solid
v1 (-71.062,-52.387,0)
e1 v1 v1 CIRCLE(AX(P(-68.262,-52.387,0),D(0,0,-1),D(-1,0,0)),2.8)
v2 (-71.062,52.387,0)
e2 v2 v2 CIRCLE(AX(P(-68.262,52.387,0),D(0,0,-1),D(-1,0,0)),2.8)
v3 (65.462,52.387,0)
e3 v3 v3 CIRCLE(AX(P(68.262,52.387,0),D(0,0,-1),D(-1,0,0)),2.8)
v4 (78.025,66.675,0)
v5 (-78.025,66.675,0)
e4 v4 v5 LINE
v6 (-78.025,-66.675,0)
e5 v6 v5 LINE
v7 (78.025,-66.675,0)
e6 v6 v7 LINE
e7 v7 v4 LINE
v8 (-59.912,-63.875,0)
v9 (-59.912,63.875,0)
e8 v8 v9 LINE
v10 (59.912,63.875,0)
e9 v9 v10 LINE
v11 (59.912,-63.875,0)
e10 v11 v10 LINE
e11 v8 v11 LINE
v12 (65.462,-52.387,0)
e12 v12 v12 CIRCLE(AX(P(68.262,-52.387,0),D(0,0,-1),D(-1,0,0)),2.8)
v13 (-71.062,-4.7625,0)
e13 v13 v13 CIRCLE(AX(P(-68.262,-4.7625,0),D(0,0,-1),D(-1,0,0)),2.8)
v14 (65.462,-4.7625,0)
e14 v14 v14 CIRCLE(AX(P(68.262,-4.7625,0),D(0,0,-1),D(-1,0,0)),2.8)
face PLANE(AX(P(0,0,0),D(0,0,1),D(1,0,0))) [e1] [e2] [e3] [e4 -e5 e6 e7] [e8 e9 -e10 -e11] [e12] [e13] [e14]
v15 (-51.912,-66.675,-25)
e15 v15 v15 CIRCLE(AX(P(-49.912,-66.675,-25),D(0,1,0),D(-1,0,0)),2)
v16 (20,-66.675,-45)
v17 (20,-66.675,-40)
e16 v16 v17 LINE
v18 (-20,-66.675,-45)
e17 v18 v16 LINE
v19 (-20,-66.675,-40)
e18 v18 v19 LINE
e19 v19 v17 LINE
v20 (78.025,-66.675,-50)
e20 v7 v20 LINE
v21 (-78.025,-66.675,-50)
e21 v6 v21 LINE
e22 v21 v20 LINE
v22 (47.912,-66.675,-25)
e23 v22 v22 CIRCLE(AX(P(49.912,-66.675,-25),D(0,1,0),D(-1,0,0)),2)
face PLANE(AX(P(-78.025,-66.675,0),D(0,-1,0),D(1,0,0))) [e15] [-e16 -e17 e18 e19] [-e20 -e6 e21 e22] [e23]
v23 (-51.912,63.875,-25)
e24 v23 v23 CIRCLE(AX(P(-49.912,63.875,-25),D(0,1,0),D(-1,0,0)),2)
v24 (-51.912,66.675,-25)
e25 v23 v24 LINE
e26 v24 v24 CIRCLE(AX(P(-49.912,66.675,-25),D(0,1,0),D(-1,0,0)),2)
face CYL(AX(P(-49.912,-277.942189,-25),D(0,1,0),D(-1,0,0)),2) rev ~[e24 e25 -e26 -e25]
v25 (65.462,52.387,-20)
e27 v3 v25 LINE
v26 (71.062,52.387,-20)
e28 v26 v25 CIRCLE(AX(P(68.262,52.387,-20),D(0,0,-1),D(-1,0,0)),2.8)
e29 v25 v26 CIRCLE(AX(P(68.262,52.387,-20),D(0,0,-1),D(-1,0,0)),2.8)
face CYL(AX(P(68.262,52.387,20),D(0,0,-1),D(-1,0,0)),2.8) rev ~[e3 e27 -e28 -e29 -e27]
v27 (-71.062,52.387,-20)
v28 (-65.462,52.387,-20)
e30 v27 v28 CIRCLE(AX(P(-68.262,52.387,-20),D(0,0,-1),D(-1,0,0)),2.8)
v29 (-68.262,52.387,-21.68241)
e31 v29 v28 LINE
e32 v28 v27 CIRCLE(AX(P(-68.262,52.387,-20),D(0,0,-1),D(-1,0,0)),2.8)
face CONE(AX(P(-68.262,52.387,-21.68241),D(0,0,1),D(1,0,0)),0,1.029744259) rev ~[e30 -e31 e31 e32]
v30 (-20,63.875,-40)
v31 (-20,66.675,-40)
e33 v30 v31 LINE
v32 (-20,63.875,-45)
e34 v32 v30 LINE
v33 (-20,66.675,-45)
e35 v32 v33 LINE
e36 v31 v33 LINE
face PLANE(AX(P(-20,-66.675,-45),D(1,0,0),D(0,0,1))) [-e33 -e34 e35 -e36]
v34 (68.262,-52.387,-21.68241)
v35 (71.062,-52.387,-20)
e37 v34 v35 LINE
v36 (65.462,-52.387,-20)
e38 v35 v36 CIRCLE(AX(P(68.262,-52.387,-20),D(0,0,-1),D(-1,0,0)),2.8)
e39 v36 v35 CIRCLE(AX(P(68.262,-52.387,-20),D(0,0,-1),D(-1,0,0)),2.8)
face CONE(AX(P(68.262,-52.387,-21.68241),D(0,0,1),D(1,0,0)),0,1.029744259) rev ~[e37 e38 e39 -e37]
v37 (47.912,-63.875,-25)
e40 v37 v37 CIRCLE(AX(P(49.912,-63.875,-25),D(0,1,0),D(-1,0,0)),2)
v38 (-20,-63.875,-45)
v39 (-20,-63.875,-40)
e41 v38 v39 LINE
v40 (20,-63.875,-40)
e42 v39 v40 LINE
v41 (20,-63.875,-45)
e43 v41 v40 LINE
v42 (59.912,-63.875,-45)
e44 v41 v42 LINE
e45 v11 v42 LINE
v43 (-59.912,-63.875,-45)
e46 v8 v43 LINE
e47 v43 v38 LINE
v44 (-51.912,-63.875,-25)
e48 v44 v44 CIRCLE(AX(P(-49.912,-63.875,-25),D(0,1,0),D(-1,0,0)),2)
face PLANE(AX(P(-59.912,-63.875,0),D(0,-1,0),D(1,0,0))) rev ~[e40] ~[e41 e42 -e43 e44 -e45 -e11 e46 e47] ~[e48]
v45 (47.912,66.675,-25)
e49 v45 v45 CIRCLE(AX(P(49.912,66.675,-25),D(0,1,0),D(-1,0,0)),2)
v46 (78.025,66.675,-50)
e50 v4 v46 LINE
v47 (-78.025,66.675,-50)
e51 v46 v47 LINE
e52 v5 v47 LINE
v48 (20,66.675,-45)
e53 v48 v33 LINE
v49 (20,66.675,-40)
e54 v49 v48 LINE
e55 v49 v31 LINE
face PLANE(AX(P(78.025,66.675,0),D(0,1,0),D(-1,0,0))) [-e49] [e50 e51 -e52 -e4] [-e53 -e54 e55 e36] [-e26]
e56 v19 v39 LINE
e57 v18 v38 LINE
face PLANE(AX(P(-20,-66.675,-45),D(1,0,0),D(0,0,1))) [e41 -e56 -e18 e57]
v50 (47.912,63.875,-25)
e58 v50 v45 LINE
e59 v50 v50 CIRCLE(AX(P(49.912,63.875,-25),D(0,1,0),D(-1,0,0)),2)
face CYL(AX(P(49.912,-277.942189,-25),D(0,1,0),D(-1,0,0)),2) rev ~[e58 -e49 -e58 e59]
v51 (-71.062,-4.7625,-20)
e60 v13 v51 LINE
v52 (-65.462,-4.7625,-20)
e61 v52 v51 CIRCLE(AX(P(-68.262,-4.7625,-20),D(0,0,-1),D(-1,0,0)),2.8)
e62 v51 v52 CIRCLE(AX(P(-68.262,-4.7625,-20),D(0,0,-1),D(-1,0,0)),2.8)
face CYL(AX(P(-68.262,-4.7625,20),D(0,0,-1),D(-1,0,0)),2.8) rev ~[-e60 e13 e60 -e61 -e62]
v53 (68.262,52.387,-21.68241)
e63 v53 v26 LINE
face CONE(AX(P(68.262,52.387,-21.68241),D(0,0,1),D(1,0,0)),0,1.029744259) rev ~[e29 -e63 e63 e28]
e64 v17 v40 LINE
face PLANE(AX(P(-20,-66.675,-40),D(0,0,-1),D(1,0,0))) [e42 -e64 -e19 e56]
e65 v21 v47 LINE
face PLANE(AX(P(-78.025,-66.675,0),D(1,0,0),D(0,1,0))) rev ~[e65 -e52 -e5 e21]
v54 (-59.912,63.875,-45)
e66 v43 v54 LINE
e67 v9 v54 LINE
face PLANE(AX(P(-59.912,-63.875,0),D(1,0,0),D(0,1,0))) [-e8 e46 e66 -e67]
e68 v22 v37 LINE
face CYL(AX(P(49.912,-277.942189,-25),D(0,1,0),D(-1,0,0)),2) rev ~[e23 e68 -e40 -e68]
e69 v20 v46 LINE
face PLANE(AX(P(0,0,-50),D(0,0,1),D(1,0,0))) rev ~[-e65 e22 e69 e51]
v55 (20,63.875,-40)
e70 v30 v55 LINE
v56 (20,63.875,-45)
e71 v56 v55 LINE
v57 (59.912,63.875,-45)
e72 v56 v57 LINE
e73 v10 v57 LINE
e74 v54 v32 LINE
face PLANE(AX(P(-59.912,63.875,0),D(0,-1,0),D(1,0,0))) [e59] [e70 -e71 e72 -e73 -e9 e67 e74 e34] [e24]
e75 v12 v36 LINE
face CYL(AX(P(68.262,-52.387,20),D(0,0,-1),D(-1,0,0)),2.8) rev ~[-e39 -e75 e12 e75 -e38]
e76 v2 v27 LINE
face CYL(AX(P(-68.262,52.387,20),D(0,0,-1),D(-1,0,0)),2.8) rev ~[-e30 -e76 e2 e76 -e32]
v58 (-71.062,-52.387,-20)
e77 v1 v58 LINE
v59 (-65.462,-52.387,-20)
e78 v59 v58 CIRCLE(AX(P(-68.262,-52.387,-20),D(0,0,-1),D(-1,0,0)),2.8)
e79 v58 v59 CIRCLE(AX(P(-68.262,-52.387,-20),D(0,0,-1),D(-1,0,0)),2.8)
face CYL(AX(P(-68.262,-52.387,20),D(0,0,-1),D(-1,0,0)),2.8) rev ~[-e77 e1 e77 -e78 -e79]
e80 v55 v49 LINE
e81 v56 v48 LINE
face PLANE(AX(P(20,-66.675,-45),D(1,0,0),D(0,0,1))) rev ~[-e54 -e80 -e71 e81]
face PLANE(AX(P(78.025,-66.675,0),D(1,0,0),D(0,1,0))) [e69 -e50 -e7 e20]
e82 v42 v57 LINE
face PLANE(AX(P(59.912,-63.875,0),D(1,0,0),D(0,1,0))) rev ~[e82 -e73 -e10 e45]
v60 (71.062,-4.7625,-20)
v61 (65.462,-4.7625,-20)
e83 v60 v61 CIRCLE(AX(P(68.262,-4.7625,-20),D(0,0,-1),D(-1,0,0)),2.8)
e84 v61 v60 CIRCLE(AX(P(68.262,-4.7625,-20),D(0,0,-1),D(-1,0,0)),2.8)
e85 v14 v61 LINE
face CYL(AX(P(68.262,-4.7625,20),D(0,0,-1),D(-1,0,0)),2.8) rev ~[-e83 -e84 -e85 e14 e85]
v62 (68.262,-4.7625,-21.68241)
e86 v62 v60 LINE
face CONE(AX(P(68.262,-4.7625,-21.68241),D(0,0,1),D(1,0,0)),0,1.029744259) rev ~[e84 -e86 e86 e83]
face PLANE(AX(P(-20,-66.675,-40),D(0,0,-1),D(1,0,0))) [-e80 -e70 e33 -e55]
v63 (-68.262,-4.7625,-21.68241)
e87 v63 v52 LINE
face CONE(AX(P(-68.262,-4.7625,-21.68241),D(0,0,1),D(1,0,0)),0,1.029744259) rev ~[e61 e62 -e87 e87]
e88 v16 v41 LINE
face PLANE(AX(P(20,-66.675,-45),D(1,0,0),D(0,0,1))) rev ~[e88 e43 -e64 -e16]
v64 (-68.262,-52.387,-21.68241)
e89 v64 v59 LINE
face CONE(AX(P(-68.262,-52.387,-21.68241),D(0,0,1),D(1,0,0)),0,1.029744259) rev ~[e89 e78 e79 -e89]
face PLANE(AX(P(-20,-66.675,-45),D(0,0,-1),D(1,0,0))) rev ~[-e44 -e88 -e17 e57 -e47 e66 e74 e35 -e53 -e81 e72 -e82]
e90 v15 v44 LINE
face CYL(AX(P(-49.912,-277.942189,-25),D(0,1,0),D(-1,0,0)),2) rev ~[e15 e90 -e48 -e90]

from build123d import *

# Parameters (mm, degrees)
F0_W     = 146.05
F0_H     = 133.35
F0_R     = 3.24
F0_W_2   = 5
F1_DEPTH = 50
F2_D     = 5.6
F2_DEPTH = 20
F2_TIP   = 1.6824097333
F3_W     = 119.824
F3_H     = 127.75
F4_DEPTH = 45
F5_W     = 40
F5_H     = 5
F6_DEPTH = 133.351
F7_D     = 4


with BuildPart() as f1:
    # F0 (on Top) → F1 (new body)
    with BuildSketch(Plane.XY):
        Rectangle(F0_W, F0_H)
        with Locations((-68.262, -52.387)):
            Circle(F0_R, mode=Mode.SUBTRACT)
        with Locations((-68.262, -4.7625)):
            Circle(F0_R, mode=Mode.SUBTRACT)
        with Locations((68.262, -52.387)):
            Circle(F0_R, mode=Mode.SUBTRACT)
        with Locations((68.262, -4.7625)):
            Circle(F0_R, mode=Mode.SUBTRACT)
        with BuildLine():
            Line((72.225, 46.037), (72.225, 1.5875))
            Line((72.225, 1.5875), (68.262, 1.5875))
            ThreePointArc((68.262, 1.5875), (61.912, -4.7625), (68.262, -11.1125))
            Line((68.262, -11.1125), (72.225, -11.1125))
            Line((72.225, -11.1125), (72.225, -46.037))
            Line((72.225, -46.037), (68.262, -46.037))
            ThreePointArc((68.262, -46.037), (61.912, -52.387), (68.262, -58.737))
            Line((68.262, -58.737), (72.225, -58.737))
            Line((72.225, -58.737), (72.225, -65.875))
            Line((72.225, -65.875), (-72.225, -65.875))
            Line((-72.225, -65.875), (-72.225, -58.737))
            Line((-72.225, -58.737), (-68.262, -58.737))
            ThreePointArc((-68.262, -58.737), (-61.912, -52.387), (-68.262, -46.037))
            Line((-68.262, -46.037), (-72.225, -46.037))
            Line((-72.225, -46.037), (-72.225, -11.1125))
            Line((-72.225, -11.1125), (-68.262, -11.1125))
            ThreePointArc((-68.262, -11.1125), (-61.912, -4.7625), (-68.262, 1.5875))
            Line((-68.262, 1.5875), (-72.225, 1.5875))
            Line((-72.225, 1.5875), (-72.225, 46.037))
            Line((-72.225, 46.037), (-68.262, 46.037))
            ThreePointArc((-68.262, 46.037), (-61.912, 52.387), (-68.262, 58.737))
            Line((-68.262, 58.737), (-72.225, 58.737))
            Line((-72.225, 58.737), (-72.225, 65.875))
            Line((-72.225, 65.875), (72.225, 65.875))
            Line((72.225, 65.875), (72.225, 58.737))
            Line((72.225, 58.737), (68.262, 58.737))
            ThreePointArc((68.262, 58.737), (61.912, 52.387), (68.262, 46.037))
            Line((68.262, 46.037), (72.225, 46.037))
        make_face(mode=Mode.SUBTRACT)
        with Locations((-68.262, 52.387)):
            Circle(F0_R, mode=Mode.SUBTRACT)
        with Locations((68.262, 52.387)):
            Circle(F0_R, mode=Mode.SUBTRACT)
        with BuildLine():
            Line((68.262, 1.5875), (72.225, 1.5875))
            Line((72.225, 1.5875), (72.225, 46.037))
            Line((72.225, 46.037), (68.262, 46.037))
            ThreePointArc((68.262, 46.037), (61.912, 52.387), (68.262, 58.737))
            Line((68.262, 58.737), (72.225, 58.737))
            Line((72.225, 58.737), (72.225, 65.875))
            Line((72.225, 65.875), (-72.225, 65.875))
            Line((-72.225, 65.875), (-72.225, 58.737))
            Line((-72.225, 58.737), (-68.262, 58.737))
            ThreePointArc((-68.262, 58.737), (-61.912, 52.387), (-68.262, 46.037))
            Line((-68.262, 46.037), (-72.225, 46.037))
            Line((-72.225, 46.037), (-72.225, 1.5875))
            Line((-72.225, 1.5875), (-68.262, 1.5875))
            ThreePointArc((-68.262, 1.5875), (-61.912, -4.7625), (-68.262, -11.1125))
            Line((-68.262, -11.1125), (-72.225, -11.1125))
            Line((-72.225, -11.1125), (-72.225, -46.037))
            Line((-72.225, -46.037), (-68.262, -46.037))
            ThreePointArc((-68.262, -46.037), (-61.912, -52.387), (-68.262, -58.737))
            Line((-68.262, -58.737), (-72.225, -58.737))
            Line((-72.225, -58.737), (-72.225, -65.875))
            Line((-72.225, -65.875), (72.225, -65.875))
            Line((72.225, -65.875), (72.225, -58.737))
            Line((72.225, -58.737), (68.262, -58.737))
            ThreePointArc((68.262, -58.737), (61.912, -52.387), (68.262, -46.037))
            Line((68.262, -46.037), (72.225, -46.037))
            Line((72.225, -46.037), (72.225, -11.1125))
            Line((72.225, -11.1125), (68.262, -11.1125))
            ThreePointArc((68.262, -11.1125), (61.912, -4.7625), (68.262, 1.5875))
        make_face()
        with Locations((-75.525, 0)):
            Rectangle(F0_W_2, F0_H)
        with Locations((75.525, 0)):
            Rectangle(F0_W_2, F0_H)
        with Locations((-68.262, 52.387)):
            Circle(F0_R)
        with Locations((-68.262, -4.7625)):
            Circle(F0_R)
        with Locations((-68.262, -52.387)):
            Circle(F0_R)
        with Locations((68.262, -52.387)):
            Circle(F0_R)
        with Locations((68.262, -4.7625)):
            Circle(F0_R)
        with Locations((68.262, 52.387)):
            Circle(F0_R)
    extrude(amount=-F1_DEPTH)

    # F2
    with Locations(Plane.XY):
        with Locations((-68.262, 52.387), (-68.262, -4.7625), (-68.262, -52.387), (68.262, -52.387), (68.262, -4.7625), (68.262, 52.387)):
            Hole(F2_D / 2, depth=F2_DEPTH)
            with Locations((0, 0, -(F2_DEPTH + F2_TIP / 2))):  # 118° drill point
                Cone(0, F2_D / 2, F2_TIP, mode=Mode.SUBTRACT)

    # F3 (on face) → F4 (cut)
    with BuildSketch(Plane.XY):
        Rectangle(F3_W, F3_H)
    extrude(amount=-F4_DEPTH, mode=Mode.SUBTRACT)

    # F5 (on face) → F6 (cut, through all)
    with BuildSketch(Plane.XZ.offset(66.675)):
        with Locations((0, -42.5)):
            Rectangle(F5_W, F5_H)
    extrude(amount=-F6_DEPTH, mode=Mode.SUBTRACT)

    # F7 (through all)
    with Locations(Plane.XZ.offset(66.675)):
        with Locations((-49.912, -25), (49.912, -25)):
            Hole(F7_D / 2)


solid = f1.part
